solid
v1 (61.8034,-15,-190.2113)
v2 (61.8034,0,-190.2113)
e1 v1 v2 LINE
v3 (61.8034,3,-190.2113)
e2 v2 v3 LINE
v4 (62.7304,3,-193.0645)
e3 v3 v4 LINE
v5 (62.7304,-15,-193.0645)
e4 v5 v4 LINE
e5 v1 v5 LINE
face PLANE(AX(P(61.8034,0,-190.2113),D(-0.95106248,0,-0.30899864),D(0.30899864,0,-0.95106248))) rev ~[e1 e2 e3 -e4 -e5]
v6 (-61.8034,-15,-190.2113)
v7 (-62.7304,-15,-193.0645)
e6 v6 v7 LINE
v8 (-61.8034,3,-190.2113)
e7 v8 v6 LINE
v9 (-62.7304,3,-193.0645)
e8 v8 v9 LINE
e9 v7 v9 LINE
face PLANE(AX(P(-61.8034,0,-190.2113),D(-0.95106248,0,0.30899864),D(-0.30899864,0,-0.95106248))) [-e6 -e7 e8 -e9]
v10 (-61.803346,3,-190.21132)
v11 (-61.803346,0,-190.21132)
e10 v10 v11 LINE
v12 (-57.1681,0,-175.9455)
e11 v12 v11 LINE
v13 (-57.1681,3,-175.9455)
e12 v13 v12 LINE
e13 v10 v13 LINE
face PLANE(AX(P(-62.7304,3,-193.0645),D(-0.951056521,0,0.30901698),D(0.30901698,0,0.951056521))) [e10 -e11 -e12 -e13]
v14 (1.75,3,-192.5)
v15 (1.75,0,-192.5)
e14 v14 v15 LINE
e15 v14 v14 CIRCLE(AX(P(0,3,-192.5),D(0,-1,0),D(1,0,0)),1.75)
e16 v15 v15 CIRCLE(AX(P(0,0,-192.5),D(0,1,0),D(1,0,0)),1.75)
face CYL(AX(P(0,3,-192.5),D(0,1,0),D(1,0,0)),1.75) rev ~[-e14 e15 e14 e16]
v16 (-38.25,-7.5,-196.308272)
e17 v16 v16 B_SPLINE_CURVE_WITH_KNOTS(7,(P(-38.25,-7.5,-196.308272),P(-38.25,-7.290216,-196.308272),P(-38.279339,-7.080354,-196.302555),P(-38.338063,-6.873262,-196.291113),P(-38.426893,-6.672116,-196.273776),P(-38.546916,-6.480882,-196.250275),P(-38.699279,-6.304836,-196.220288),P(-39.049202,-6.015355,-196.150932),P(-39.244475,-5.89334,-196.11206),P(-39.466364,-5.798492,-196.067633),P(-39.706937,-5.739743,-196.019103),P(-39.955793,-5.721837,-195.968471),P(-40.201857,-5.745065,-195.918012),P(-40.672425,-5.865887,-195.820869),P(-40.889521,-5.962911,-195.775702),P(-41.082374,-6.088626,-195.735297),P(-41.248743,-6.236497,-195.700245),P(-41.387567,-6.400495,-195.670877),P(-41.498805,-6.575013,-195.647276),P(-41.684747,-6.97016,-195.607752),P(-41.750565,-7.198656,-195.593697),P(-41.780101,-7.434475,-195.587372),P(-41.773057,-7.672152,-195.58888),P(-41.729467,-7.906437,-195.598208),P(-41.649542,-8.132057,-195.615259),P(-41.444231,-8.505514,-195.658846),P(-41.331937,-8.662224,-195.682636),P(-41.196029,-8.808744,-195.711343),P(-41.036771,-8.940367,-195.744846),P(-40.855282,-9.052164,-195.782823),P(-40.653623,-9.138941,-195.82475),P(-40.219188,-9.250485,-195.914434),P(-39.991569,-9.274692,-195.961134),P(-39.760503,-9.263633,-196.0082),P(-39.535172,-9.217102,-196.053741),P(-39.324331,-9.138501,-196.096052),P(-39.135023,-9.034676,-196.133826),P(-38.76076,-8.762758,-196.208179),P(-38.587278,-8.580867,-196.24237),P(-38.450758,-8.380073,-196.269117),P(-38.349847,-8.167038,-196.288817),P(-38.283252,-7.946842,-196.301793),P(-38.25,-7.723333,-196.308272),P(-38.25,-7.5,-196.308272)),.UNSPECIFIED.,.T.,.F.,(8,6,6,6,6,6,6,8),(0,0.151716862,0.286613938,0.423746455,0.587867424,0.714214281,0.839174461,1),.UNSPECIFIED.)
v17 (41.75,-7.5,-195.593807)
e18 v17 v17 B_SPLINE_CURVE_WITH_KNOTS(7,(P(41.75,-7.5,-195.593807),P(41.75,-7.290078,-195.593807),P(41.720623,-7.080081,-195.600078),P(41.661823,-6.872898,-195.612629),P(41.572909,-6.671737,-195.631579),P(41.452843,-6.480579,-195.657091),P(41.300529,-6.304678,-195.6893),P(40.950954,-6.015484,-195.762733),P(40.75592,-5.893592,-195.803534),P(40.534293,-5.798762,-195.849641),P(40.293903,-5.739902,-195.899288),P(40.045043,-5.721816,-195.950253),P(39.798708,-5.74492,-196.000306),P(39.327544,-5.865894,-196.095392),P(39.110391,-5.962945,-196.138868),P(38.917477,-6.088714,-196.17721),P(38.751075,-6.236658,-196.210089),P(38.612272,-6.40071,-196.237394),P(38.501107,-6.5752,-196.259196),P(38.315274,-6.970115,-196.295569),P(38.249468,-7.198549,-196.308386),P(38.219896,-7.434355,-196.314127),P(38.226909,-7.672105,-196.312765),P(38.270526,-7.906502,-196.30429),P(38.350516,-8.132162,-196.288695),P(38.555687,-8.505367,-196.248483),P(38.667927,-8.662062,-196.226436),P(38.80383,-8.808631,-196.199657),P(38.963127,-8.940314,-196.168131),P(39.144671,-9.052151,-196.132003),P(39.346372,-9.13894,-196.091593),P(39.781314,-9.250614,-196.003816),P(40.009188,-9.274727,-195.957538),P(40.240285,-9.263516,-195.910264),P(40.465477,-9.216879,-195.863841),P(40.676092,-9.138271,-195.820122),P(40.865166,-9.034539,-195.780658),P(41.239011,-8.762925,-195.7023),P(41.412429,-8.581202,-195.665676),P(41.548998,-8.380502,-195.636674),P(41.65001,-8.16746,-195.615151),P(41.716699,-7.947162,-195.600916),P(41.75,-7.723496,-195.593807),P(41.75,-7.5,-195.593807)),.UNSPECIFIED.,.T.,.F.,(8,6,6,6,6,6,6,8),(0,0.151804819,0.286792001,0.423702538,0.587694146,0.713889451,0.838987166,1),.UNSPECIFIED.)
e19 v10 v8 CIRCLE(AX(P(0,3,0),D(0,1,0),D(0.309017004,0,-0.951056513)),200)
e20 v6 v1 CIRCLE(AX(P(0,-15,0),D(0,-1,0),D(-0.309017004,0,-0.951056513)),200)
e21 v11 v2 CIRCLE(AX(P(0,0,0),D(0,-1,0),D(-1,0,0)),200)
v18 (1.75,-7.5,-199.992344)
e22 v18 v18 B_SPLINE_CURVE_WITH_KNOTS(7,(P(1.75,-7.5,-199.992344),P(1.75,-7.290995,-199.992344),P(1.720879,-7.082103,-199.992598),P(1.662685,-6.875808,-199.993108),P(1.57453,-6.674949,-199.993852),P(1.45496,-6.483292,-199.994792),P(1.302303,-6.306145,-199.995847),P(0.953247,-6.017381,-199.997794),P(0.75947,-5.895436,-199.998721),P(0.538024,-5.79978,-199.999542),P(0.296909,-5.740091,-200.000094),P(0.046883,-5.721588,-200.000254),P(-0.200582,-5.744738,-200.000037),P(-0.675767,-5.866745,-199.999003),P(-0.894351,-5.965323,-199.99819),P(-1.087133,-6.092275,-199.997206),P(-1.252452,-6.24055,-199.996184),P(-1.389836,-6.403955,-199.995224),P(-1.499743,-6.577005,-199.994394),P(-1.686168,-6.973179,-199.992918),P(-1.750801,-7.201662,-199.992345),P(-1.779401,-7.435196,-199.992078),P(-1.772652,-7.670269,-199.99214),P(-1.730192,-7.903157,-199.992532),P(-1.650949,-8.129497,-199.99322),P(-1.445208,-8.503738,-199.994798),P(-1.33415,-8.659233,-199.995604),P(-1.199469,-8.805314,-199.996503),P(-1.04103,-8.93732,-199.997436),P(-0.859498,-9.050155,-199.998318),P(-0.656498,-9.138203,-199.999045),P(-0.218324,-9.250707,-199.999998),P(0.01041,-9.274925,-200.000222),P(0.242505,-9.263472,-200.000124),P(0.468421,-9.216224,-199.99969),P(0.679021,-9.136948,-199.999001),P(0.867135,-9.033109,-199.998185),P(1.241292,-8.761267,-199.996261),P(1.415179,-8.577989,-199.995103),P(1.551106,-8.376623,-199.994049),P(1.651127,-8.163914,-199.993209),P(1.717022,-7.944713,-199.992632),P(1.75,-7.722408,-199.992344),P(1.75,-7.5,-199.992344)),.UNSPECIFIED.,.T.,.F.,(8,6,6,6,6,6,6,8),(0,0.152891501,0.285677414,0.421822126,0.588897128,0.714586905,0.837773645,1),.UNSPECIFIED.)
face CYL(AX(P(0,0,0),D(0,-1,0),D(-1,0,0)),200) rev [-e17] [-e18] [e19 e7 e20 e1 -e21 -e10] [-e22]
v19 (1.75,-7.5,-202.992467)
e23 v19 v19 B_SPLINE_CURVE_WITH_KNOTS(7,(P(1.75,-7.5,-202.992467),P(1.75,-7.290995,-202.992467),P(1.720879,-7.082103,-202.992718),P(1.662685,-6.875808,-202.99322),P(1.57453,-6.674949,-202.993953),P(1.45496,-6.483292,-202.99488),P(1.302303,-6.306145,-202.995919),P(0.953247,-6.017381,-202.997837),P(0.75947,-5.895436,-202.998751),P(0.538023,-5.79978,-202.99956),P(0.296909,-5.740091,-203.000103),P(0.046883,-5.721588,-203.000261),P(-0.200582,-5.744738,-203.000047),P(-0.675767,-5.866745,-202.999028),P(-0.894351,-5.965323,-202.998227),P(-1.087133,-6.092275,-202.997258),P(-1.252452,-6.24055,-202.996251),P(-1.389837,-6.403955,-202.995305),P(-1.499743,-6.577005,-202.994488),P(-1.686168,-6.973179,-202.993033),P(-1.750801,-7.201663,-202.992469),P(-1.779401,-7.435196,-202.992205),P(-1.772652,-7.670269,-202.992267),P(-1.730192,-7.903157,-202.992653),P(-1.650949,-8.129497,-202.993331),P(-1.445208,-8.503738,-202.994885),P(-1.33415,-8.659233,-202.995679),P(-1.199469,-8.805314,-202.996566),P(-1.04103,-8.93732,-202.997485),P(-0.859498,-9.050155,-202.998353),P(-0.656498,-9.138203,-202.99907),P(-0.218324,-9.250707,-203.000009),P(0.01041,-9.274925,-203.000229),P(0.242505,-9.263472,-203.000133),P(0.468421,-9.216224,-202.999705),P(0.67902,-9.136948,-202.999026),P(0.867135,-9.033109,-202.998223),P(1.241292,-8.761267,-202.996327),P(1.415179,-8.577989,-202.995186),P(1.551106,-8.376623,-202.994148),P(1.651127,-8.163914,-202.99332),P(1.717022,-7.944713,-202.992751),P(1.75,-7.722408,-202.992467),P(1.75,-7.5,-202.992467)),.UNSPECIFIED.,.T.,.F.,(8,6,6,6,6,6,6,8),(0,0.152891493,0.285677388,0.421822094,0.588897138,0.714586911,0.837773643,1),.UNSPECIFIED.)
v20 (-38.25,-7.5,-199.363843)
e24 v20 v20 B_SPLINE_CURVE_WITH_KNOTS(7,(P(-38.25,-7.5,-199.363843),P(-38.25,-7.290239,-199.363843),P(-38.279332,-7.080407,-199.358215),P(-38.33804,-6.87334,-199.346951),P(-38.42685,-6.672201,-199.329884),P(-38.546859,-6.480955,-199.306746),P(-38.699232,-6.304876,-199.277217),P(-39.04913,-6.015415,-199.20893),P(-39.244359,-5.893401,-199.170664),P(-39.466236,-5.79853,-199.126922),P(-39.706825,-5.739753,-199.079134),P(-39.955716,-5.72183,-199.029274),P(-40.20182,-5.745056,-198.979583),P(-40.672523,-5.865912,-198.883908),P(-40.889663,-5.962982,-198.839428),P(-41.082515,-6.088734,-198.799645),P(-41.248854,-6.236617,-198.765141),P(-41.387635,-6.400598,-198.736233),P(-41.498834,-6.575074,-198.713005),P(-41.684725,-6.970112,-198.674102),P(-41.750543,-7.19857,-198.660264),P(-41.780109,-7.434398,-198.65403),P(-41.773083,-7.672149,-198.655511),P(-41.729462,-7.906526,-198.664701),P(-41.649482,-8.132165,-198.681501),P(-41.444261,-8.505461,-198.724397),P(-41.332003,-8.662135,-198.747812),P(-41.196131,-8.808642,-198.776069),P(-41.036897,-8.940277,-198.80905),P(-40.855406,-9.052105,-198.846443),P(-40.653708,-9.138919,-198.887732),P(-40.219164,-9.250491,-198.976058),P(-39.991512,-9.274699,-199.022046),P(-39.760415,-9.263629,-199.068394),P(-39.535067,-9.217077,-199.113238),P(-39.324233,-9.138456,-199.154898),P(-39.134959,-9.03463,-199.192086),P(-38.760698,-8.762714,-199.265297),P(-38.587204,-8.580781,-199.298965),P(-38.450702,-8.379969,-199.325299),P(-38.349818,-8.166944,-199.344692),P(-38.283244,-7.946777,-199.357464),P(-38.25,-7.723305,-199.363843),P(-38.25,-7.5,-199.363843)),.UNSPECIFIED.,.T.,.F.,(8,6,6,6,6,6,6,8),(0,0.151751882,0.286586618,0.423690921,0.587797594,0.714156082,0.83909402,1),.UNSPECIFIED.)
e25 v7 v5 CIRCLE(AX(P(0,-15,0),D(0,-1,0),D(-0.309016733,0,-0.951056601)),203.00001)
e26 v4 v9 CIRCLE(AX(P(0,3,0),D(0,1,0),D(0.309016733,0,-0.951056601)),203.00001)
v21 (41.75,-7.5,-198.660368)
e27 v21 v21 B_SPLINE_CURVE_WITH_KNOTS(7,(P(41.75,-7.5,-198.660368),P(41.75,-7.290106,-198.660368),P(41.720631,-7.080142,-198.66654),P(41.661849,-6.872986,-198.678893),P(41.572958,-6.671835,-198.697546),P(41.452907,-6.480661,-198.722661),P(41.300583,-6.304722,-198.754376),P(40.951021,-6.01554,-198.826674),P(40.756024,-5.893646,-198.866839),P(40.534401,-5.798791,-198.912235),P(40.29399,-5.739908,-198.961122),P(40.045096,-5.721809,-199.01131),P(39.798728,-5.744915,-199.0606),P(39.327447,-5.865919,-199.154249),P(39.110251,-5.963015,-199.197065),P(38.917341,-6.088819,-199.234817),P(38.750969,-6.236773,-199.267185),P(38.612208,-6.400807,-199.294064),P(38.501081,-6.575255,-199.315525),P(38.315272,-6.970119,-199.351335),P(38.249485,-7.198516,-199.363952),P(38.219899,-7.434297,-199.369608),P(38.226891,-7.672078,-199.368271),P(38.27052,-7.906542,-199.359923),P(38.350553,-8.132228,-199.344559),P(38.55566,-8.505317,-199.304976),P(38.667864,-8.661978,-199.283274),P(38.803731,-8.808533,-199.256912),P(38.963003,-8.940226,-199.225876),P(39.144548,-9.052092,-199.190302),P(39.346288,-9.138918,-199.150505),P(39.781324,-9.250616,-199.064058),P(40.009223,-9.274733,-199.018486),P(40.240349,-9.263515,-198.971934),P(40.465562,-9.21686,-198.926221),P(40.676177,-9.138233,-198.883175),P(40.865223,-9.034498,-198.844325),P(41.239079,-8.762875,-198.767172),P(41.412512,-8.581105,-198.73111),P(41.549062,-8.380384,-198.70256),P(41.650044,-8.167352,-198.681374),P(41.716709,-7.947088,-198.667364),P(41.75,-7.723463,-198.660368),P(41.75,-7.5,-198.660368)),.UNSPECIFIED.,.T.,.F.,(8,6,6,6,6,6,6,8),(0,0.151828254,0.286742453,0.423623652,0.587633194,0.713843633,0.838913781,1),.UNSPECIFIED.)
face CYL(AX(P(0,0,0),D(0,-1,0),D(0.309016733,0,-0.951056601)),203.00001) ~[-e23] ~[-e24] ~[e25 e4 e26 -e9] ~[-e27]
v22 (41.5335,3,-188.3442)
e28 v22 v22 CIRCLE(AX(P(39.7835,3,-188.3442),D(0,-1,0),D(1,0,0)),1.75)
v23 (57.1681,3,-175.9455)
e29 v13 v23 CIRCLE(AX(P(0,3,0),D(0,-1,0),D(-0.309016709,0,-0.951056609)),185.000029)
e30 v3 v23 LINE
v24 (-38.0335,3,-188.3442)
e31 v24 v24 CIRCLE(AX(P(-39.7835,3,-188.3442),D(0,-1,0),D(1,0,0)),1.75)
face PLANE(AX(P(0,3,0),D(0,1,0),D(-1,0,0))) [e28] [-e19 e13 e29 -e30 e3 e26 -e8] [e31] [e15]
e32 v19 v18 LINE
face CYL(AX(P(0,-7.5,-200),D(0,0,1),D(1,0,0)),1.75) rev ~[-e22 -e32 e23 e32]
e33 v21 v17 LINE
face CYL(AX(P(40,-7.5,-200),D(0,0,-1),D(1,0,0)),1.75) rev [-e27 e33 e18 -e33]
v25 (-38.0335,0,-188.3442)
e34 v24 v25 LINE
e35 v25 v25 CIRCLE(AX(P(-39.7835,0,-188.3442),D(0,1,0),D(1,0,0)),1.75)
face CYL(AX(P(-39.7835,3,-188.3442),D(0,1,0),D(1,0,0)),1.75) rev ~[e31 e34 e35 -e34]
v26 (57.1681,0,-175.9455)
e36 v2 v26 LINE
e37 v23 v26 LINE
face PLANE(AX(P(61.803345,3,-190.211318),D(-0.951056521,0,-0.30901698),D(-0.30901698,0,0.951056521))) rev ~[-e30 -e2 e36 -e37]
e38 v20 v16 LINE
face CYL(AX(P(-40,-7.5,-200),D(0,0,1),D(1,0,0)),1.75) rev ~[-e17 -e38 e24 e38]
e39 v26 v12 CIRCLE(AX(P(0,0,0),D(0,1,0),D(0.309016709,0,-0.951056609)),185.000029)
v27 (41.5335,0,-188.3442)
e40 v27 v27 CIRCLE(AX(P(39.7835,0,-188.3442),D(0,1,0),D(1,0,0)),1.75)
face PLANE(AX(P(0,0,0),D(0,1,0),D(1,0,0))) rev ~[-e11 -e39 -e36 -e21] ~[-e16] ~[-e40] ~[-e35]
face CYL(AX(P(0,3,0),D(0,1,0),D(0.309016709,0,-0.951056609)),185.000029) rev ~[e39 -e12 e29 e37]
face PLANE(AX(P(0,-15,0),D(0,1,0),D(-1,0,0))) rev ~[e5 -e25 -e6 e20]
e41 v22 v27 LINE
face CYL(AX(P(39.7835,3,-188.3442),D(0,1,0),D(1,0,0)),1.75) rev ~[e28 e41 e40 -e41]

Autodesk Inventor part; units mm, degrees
ref_plane "YZ Plane" through (0, 0, 0) normal (1, 0, 0) x (0, 1, 0)
ref_plane "XZ Plane" through (0, 0, 0) normal (0, 1, 0) x (-1, 0, 0)
sketch "Sketch1" plane through (0, 0, 0) normal (0, 1, 0) x (-1, 0, 0)
  circle A0 centre (0, 0) radius 200
  line L0 (0, 0) -> (0, -200)
  line L1 (0, 0) -> (-61.8034, -190.2113)
  line L2 (0, 0) -> (200, 0) construction
  line L3 (-61.8034, -190.2113) -> (0, 0)
  line L4 (0, 0) -> (61.8034, -190.2113)
  line L5 (0, 0) -> (200, 0) construction
  arc A1 (-61.8034, -190.2113) -> (61.8034, -190.2113) centre (0, 0) ccw
  line L6 (-61.8034, -190.2113) -> (-62.7304, -193.0645)
  line L7 (61.8034, -190.2113) -> (62.7304, -193.0645)
  line L8 (0, -200) -> (0, -203)
  arc A2 (-62.7304, -193.0645) -> (62.7304, -193.0645) centre (0, 0) ccw
  dimension "d0" = 400
  dimension "d1" = 108
  dimension "d2" = 72
  dimension "d4" = 3
  dimension "d5" = 3
  dimension "d6" = 3
extrude "Extrusion1" add sketch "Sketch1" along normal blind 3 and the other way blind 15 contours A0 L8 A2 L6 | L7 A2 L8 A0
sketch "Sketch3" plane through (0, 3, 0) normal (0, 1, 0) x (1, 0, 0)
  arc A0 (62.7304, 193.0645) -> (-62.7304, 193.0645) centre (0, 0) ccw projected
  line L0 (-62.7304, 193.0645) -> (-57.1681, 175.9455)
  line L1 (-62.7304, 193.0645) -> (-61.8034, 190.2113) projected
  line L2 (0, 203) -> (0, 185)
  line L3 (61.8034, 190.2113) -> (62.7304, 193.0645) projected
  line L4 (62.7304, 193.0645) -> (57.1681, 175.9455)
  arc A1 (57.1681, 175.9455) -> (-57.1681, 175.9455) centre (0, 0) ccw
  point P0 (0, 0)
  dimension "d12" = 18
  dimension "d13" = 18
  dimension "d14" = 18
extrude "Extrusion2" add sketch "Sketch3" against normal blind 3
sketch "Sketch4" plane through (0, 3, 0) normal (0, 1, 0) x (1, 0, 0)
  arc A0 (62.7304, 193.0645) -> (-62.7304, 193.0645) centre (0, 0) ccw projected
  line L0 (0, 203) -> (0, 200)
  line L1 (0, 200) -> (0, 192.5)
  circle A1 centre (0, 192.5) radius 1.75
  line L2 (57.1681, 175.9455) -> (62.7304, 193.0645) projected
  line L3 (62.7304, 193.0645) -> (57.1681, 175.9455)
  line L4 (-62.7304, 193.0645) -> (-57.1681, 175.9455) projected
  line L5 (-62.7304, 193.0645) -> (-57.1681, 175.9455)
  line L6 (-57.1681, 175.9455) -> (-62.7304, 193.0645)
  line L7 (-62.7304, 193.0645) -> (-61.8034, 190.2113)
  line L8 (-61.8034, 190.2113) -> (-59.4858, 183.0784)
  line L9 (62.7304, 193.0645) -> (61.8034, 190.2113)
  line L10 (61.8034, 190.2113) -> (59.4858, 183.0784)
  arc A2 (59.4858, 183.0784) -> (-59.4858, 183.0784) centre (0, 0) ccw
  line L11 (0, 192.5) -> (39.7835, 188.3442)
  line L12 (39.7835, 188.3442) -> (0, 192.5)
  line L13 (0, 192.5) -> (-39.7835, 188.3442)
  circle A3 centre (39.7835, 188.3442) radius 1.75
  circle A4 centre (-39.7835, 188.3442) radius 1.75
  point P0 (0, 0)
  dimension "d17" = 3
  dimension "d18" = 7.5
  dimension "d19" = 3.5
  dimension "d28" = 3
  dimension "d29" = 7.5
  dimension "d30" = 3
  dimension "d31" = 7.5
  dimension "d32" = 40
  dimension "d33" = 40
  dimension "d34" = 3.5
  dimension "d35" = 3.5
extrude "Extrusion3" cut sketch "Sketch4" against normal blind 3 contours A1 A2 L1 | L1 A2 A1 | A3 L11 A2 | A2 A3 | L13 A1 A2 | A2 A1 L11 | L11 A1 L13 | L11 A3 A2 | A4 A2 | A2 L13 A4 | A4 L13 A2
ref_plane "Work Plane1" through (0, 0, -200) normal (0, 0, 1) x (1, 0, 0)
sketch "Sketch6" plane through (0, 0, -200) normal (0, 0, 1) x (1, 0, 0)
  line L0 (62.7304, 3) -> (-62.7304, 3) projected
  line L1 (0, 3) -> (0, -15)
  line L2 (-62.7304, -15) -> (62.7304, -15) projected
  line L3 (0, 3) -> (0, -15)
  line L4 (61.8034, -15) -> (-61.8034, -15) projected
  line L5 (0, 3) -> (0, 0)
  line L6 (0, 0) -> (0, -7.5)
  circle A0 centre (0, -7.5) radius 1.75
  line L7 (0, -7.5) -> (-40, -7.5)
  line L8 (-40, -7.5) -> (40, -7.5)
  circle A1 centre (-40, -7.5) radius 1.75
  circle A2 centre (40, -7.5) radius 1.75
  dimension "d23" = 3
  dimension "d24" = 7.5
  dimension "d25" = 3.5
  dimension "d36" = 40
  dimension "d37" = 80
  dimension "d38" = 3.5
  dimension "d39" = 3.5
extrude "Extrusion4" cut sketch "Sketch6" against normal mid plane 10
properties part number "Casing_holder_bottom"
